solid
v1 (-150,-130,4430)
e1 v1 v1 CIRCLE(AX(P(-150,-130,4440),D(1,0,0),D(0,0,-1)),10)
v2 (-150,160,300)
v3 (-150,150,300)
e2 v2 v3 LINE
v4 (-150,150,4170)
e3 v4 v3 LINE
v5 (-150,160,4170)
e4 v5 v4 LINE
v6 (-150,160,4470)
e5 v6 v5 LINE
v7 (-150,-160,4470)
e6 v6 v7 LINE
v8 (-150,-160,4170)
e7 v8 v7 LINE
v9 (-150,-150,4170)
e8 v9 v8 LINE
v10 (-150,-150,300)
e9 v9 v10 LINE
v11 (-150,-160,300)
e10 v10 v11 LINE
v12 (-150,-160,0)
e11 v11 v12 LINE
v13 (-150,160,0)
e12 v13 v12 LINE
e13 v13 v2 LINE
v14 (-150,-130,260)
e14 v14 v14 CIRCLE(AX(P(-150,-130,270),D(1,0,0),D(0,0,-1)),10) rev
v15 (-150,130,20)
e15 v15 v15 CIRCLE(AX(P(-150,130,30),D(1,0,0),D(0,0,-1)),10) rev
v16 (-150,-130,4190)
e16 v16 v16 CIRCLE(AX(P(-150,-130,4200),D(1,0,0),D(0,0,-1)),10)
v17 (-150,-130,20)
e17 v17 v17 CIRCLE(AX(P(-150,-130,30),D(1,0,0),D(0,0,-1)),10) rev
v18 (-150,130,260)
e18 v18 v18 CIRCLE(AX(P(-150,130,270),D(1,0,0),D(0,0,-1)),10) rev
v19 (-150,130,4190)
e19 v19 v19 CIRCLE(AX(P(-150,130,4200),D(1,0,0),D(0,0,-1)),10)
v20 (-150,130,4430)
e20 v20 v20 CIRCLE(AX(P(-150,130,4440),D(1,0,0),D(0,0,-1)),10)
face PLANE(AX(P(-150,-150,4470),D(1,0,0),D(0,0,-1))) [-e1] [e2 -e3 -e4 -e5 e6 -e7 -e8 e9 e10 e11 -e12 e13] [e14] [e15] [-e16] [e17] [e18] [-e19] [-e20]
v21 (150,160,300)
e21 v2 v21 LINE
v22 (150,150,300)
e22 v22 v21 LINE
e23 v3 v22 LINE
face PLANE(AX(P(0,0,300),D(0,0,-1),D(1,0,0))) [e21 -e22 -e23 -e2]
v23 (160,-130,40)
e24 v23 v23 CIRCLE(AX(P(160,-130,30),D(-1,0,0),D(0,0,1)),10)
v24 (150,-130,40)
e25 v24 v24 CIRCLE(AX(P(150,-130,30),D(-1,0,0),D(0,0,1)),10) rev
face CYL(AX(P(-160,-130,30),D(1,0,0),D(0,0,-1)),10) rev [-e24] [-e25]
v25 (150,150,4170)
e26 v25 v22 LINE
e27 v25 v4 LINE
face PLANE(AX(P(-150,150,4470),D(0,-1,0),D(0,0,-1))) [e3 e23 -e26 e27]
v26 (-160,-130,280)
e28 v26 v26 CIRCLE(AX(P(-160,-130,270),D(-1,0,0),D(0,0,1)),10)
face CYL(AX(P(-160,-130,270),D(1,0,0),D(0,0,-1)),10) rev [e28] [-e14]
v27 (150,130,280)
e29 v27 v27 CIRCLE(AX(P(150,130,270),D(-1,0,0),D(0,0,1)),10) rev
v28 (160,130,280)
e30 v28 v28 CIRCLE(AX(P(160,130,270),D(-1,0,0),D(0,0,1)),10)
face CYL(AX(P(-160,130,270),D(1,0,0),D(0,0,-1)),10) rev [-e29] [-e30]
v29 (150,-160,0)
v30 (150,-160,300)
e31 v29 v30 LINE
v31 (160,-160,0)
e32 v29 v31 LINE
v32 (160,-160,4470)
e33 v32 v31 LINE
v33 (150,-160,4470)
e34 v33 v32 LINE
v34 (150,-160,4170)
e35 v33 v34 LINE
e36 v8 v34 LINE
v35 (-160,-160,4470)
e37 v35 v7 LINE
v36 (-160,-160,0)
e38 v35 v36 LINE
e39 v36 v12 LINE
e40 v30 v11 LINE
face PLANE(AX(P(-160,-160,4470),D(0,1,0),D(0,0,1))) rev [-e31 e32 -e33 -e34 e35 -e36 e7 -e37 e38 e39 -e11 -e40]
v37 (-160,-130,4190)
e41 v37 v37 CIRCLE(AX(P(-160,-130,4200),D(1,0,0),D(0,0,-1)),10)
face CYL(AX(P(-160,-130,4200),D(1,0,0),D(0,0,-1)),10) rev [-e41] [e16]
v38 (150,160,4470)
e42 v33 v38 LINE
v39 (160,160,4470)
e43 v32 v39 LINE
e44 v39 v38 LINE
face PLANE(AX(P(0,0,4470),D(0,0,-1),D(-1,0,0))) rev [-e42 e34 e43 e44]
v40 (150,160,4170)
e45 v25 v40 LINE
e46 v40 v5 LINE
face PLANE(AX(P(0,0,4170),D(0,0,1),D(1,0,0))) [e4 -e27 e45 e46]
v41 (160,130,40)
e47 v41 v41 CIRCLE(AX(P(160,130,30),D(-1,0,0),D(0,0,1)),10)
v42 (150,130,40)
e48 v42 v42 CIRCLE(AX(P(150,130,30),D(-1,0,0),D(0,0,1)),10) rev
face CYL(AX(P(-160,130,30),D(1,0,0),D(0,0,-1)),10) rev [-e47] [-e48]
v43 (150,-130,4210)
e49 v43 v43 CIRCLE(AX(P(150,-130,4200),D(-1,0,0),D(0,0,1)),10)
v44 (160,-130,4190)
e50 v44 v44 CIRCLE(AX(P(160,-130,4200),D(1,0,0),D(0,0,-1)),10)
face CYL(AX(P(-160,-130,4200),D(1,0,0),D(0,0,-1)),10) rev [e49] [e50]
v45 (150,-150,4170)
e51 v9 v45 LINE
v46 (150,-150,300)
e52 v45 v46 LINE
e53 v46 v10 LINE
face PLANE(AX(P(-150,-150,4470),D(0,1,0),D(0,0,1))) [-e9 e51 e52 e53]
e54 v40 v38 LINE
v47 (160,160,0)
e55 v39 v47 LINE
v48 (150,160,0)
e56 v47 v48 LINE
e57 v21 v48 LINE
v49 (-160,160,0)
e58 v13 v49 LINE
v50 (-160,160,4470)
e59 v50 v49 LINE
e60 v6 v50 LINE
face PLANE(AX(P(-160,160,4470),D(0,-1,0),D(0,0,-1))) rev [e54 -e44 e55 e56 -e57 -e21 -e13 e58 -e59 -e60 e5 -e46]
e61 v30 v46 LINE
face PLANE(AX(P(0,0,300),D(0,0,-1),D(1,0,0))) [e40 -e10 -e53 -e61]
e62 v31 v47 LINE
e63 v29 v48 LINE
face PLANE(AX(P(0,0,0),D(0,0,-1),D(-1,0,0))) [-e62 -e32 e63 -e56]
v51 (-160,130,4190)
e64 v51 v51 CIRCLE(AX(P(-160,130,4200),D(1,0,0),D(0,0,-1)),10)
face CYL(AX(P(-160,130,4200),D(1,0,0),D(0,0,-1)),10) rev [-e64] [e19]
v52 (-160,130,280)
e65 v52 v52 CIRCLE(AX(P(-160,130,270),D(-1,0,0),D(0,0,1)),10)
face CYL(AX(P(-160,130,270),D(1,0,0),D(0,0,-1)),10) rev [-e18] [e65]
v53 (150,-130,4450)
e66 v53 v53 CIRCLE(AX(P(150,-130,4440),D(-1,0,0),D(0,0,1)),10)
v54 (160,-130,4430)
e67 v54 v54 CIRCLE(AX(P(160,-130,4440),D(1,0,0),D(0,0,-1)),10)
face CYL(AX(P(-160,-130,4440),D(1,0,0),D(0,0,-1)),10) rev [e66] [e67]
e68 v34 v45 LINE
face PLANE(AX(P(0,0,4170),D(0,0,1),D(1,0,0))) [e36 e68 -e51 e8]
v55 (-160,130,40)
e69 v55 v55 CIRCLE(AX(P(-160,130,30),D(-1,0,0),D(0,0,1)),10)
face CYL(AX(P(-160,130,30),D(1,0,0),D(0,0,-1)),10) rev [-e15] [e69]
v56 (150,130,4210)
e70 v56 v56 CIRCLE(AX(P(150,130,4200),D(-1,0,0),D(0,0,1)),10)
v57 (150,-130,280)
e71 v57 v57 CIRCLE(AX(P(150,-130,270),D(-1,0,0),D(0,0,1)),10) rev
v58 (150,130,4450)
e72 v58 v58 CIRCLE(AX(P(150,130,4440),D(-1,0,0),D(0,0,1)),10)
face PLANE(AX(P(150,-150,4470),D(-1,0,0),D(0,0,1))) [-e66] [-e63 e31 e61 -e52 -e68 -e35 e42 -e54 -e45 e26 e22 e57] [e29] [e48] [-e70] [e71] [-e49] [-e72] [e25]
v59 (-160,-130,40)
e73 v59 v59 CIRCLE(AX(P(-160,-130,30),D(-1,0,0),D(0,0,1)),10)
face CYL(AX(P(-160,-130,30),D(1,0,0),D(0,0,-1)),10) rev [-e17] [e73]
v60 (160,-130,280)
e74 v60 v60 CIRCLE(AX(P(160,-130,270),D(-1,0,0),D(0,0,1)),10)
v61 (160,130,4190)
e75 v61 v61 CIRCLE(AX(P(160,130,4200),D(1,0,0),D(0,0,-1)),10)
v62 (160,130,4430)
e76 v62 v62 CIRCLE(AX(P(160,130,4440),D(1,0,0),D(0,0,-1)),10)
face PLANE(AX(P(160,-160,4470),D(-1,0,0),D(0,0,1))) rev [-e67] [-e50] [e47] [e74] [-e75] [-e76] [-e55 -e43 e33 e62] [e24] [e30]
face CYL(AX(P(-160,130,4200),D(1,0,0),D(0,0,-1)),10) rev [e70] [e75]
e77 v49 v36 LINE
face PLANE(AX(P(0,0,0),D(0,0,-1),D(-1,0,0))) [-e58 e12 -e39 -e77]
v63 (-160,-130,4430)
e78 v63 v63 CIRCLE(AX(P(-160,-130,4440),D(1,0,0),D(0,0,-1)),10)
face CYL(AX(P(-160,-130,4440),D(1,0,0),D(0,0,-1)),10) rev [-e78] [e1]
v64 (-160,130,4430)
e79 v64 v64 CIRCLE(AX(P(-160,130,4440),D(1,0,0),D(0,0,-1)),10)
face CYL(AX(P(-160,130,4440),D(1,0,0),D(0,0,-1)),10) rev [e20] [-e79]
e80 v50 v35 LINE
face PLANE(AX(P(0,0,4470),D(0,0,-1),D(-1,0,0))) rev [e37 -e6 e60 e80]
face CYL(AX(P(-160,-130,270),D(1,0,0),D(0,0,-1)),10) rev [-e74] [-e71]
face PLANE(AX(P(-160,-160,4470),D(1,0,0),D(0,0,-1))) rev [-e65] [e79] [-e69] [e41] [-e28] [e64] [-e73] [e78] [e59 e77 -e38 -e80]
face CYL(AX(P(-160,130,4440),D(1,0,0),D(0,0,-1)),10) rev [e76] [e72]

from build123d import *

# Parameters (mm, degrees)
SKETCH1_W           = 320
SKETCH1_H           = 320
SKETCH1_W_2         = 300
SKETCH1_H_2         = 300
BOSS_EXTRUDE1_DEPTH = 4470
SKETCH2_W           = 300
SKETCH2_H           = 369.06637508
CUT_EXTRUDE1_DEPTH  = 300
SKETCH3_R           = 10
CUT_EXTRUDE2_DEPTH  = 321


with BuildPart() as part:
    # Sketch1 → Boss-Extrude1 (new body)
    with BuildSketch(Plane.XY):
        Rectangle(SKETCH1_W, SKETCH1_H)
        Rectangle(SKETCH1_W_2, SKETCH1_H_2, mode=Mode.SUBTRACT)
    extrude(amount=BOSS_EXTRUDE1_DEPTH)

    # Sketch2 → Cut-Extrude1 (cut)
    with BuildSketch(Plane.XY.offset(4470)):
        Rectangle(SKETCH2_W, SKETCH2_H)
    cut_extrude1 = extrude(amount=-CUT_EXTRUDE1_DEPTH, mode=Mode.SUBTRACT)

    # Sketch3 → Cut-Extrude2 (cut, through all)
    with BuildSketch(Plane(origin=(160, 0, 0), x_dir=(0, 0, -1), z_dir=(1, 0, 0))):
        with Locations((-4440, 130)):
            Circle(SKETCH3_R)
        with Locations((-4200, 130)):
            Circle(SKETCH3_R)
        with Locations((-4200, -130)):
            Circle(SKETCH3_R)
        with Locations((-4440, -130)):
            Circle(SKETCH3_R)
    cut_extrude2 = extrude(amount=-CUT_EXTRUDE2_DEPTH, mode=Mode.SUBTRACT)

    # Mirror1: Cut-Extrude1, Cut-Extrude2 across plane
    add(cut_extrude1.mirror(Plane(origin=(0, 0, 2235), x_dir=(1, 0, 0), z_dir=(0, 0, -1))), mode=Mode.SUBTRACT)
    add(cut_extrude2.mirror(Plane(origin=(0, 0, 2235), x_dir=(1, 0, 0), z_dir=(0, 0, -1))), mode=Mode.SUBTRACT)


solid = part.part
